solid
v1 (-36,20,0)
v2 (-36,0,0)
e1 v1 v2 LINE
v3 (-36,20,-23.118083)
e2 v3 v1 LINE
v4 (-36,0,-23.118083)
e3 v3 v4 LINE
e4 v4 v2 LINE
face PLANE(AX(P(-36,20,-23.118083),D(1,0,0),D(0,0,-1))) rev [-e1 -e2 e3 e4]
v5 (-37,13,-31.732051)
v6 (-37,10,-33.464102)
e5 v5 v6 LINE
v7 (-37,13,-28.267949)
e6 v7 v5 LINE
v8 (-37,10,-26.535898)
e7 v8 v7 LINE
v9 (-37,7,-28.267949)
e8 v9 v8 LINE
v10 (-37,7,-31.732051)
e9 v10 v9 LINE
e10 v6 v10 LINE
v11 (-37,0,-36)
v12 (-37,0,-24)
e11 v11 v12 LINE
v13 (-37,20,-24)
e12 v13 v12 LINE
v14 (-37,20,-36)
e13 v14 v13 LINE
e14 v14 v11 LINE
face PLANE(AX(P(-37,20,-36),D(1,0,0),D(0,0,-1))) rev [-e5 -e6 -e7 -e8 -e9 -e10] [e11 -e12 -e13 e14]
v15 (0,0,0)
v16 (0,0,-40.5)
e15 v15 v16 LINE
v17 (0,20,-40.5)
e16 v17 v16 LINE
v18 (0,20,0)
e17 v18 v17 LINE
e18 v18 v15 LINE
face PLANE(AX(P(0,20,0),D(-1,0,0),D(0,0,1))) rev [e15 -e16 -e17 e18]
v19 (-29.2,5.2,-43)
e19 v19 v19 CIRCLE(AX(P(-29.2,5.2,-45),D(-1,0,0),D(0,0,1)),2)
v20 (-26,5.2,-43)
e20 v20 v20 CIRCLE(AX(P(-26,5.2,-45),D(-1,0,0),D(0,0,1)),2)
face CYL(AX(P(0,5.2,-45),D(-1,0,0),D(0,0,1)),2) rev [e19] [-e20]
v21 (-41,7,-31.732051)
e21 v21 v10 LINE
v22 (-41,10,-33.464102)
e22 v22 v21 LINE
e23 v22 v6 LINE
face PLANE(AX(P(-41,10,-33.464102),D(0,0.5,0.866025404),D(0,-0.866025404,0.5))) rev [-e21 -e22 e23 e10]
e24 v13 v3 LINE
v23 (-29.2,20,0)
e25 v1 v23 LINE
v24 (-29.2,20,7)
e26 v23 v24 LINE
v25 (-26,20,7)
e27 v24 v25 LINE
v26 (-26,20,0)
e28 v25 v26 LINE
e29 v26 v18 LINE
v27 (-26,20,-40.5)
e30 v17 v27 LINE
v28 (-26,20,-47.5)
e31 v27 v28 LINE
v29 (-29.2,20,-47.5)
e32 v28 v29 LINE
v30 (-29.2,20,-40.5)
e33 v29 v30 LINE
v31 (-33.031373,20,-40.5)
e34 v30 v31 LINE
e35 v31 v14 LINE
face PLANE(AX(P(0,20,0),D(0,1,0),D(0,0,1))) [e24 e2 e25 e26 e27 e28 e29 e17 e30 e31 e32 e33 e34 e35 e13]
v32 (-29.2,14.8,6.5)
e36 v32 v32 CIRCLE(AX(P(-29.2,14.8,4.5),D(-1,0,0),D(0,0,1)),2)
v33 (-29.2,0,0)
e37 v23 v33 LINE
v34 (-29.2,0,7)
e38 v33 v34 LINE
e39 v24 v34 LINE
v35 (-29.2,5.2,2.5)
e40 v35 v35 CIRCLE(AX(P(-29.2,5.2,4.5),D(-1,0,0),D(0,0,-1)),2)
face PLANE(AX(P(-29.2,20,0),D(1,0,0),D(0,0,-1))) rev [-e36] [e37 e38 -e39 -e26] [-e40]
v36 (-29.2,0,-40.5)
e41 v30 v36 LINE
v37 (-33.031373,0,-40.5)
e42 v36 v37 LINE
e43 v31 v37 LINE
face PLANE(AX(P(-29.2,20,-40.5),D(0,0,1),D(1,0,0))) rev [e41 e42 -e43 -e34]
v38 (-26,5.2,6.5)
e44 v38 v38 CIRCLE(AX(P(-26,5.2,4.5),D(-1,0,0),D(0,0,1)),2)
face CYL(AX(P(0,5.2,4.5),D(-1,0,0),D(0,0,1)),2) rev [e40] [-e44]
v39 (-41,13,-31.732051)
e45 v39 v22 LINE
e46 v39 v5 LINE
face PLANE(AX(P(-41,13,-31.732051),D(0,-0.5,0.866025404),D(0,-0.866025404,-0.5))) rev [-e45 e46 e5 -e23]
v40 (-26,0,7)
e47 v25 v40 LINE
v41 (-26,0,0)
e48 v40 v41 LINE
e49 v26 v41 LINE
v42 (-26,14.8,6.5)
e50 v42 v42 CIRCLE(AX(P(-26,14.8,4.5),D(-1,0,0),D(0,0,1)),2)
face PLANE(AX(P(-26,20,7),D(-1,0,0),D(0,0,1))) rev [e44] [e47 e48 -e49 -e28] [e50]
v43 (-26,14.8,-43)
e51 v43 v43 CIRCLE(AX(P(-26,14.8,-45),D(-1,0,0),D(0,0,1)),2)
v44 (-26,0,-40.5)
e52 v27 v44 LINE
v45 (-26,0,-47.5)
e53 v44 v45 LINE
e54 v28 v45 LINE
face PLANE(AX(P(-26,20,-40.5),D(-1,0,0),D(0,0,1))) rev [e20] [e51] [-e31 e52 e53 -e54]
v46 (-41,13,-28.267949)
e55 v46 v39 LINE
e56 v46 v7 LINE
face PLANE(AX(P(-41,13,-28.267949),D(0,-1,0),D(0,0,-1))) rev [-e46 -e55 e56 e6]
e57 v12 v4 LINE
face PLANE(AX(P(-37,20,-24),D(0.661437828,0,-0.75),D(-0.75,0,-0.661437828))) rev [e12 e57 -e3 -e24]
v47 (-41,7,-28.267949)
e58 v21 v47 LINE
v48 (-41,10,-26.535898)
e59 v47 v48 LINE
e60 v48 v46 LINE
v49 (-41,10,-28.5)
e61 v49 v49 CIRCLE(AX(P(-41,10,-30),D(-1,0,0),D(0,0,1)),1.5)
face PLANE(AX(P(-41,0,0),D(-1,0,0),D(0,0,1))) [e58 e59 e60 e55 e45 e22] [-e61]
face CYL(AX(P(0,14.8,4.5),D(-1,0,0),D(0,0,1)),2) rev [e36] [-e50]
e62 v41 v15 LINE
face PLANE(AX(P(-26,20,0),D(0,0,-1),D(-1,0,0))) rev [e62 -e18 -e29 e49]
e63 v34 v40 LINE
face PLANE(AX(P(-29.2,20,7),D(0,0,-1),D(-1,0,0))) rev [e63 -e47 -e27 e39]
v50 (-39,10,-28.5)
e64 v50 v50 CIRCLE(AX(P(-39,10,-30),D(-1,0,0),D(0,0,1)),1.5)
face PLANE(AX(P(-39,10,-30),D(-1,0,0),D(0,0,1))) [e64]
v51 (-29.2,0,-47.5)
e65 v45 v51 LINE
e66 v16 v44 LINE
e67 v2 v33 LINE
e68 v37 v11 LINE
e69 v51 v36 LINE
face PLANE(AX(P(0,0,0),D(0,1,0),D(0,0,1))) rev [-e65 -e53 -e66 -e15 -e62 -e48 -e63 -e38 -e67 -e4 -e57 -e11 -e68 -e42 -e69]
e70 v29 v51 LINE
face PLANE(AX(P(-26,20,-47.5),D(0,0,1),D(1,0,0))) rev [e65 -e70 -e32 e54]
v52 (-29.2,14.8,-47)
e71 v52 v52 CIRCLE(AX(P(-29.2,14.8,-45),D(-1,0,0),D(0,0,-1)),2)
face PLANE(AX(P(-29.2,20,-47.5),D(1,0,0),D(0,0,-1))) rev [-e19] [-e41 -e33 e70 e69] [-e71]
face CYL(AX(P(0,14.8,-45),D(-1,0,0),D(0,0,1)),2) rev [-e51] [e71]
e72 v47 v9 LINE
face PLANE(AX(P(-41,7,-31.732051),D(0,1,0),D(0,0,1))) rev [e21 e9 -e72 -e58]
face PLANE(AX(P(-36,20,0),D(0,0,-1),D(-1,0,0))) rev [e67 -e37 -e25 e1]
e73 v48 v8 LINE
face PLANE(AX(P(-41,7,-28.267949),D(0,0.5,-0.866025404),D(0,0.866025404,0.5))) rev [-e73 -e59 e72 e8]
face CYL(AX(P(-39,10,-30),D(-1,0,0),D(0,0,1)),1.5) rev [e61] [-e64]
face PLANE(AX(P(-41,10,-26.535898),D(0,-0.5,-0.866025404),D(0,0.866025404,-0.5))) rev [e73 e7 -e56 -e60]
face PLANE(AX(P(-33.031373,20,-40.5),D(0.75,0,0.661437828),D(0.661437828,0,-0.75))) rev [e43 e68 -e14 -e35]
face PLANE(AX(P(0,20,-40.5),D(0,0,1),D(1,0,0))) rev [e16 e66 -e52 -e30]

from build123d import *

# Parameters (mm, degrees)
BOSS_EXTRUDE1_DEPTH = 20
BOSS_EXTRUDE2_DEPTH = 4
SKETCH3_R           = 2
CUT_EXTRUDE1_DEPTH  = 30.2
SKETCH4_R           = 1.5
CUT_EXTRUDE2_DEPTH  = 2


with BuildPart() as part:
    # Sketch1 → Boss-Extrude1 (new body)
    with BuildSketch(Plane(origin=(0, 0, 0), x_dir=(1, 0, 0), z_dir=(0, 1, 0))):
        Polygon((0, 0), (0, 40.5), (-26, 40.5), (-26, 47.5), (-29.2, 47.5), (-29.2, 40.5), (-33.031373033, 40.5), (-37, 36), (-37, 24), (-36, 23.118082896), (-36, 0), (-29.2, 0), (-29.2, -7), (-26, -7), (-26, 0), align=None)
    extrude(amount=BOSS_EXTRUDE1_DEPTH)

    # Sketch2 → Boss-Extrude2 (add)
    with BuildSketch(Plane.ZY.offset(37)):
        Polygon((-33.464101615, 10), (-31.732050808, 7), (-28.267949192, 7), (-26.535898385, 10), (-28.267949192, 13), (-31.732050808, 13), align=None)
    extrude(amount=BOSS_EXTRUDE2_DEPTH)

    # Sketch3 → Cut-Extrude1 (cut, through all)
    with BuildSketch(Plane.ZY.offset(29.2)):
        with Locations((-45, 5.2)):
            Circle(SKETCH3_R)
        with Locations((-45, 14.8)):
            Circle(SKETCH3_R)
        with Locations((4.5, 14.8)):
            Circle(SKETCH3_R)
        with Locations((4.5, 5.2)):
            Circle(SKETCH3_R)
    extrude(amount=-CUT_EXTRUDE1_DEPTH, mode=Mode.SUBTRACT)

    # Sketch4 → Cut-Extrude2 (cut)
    with BuildSketch(Plane.ZY.offset(41)):
        with Locations((-30, 10)):
            Circle(SKETCH4_R)
    extrude(amount=-CUT_EXTRUDE2_DEPTH, mode=Mode.SUBTRACT)


solid = part.part
